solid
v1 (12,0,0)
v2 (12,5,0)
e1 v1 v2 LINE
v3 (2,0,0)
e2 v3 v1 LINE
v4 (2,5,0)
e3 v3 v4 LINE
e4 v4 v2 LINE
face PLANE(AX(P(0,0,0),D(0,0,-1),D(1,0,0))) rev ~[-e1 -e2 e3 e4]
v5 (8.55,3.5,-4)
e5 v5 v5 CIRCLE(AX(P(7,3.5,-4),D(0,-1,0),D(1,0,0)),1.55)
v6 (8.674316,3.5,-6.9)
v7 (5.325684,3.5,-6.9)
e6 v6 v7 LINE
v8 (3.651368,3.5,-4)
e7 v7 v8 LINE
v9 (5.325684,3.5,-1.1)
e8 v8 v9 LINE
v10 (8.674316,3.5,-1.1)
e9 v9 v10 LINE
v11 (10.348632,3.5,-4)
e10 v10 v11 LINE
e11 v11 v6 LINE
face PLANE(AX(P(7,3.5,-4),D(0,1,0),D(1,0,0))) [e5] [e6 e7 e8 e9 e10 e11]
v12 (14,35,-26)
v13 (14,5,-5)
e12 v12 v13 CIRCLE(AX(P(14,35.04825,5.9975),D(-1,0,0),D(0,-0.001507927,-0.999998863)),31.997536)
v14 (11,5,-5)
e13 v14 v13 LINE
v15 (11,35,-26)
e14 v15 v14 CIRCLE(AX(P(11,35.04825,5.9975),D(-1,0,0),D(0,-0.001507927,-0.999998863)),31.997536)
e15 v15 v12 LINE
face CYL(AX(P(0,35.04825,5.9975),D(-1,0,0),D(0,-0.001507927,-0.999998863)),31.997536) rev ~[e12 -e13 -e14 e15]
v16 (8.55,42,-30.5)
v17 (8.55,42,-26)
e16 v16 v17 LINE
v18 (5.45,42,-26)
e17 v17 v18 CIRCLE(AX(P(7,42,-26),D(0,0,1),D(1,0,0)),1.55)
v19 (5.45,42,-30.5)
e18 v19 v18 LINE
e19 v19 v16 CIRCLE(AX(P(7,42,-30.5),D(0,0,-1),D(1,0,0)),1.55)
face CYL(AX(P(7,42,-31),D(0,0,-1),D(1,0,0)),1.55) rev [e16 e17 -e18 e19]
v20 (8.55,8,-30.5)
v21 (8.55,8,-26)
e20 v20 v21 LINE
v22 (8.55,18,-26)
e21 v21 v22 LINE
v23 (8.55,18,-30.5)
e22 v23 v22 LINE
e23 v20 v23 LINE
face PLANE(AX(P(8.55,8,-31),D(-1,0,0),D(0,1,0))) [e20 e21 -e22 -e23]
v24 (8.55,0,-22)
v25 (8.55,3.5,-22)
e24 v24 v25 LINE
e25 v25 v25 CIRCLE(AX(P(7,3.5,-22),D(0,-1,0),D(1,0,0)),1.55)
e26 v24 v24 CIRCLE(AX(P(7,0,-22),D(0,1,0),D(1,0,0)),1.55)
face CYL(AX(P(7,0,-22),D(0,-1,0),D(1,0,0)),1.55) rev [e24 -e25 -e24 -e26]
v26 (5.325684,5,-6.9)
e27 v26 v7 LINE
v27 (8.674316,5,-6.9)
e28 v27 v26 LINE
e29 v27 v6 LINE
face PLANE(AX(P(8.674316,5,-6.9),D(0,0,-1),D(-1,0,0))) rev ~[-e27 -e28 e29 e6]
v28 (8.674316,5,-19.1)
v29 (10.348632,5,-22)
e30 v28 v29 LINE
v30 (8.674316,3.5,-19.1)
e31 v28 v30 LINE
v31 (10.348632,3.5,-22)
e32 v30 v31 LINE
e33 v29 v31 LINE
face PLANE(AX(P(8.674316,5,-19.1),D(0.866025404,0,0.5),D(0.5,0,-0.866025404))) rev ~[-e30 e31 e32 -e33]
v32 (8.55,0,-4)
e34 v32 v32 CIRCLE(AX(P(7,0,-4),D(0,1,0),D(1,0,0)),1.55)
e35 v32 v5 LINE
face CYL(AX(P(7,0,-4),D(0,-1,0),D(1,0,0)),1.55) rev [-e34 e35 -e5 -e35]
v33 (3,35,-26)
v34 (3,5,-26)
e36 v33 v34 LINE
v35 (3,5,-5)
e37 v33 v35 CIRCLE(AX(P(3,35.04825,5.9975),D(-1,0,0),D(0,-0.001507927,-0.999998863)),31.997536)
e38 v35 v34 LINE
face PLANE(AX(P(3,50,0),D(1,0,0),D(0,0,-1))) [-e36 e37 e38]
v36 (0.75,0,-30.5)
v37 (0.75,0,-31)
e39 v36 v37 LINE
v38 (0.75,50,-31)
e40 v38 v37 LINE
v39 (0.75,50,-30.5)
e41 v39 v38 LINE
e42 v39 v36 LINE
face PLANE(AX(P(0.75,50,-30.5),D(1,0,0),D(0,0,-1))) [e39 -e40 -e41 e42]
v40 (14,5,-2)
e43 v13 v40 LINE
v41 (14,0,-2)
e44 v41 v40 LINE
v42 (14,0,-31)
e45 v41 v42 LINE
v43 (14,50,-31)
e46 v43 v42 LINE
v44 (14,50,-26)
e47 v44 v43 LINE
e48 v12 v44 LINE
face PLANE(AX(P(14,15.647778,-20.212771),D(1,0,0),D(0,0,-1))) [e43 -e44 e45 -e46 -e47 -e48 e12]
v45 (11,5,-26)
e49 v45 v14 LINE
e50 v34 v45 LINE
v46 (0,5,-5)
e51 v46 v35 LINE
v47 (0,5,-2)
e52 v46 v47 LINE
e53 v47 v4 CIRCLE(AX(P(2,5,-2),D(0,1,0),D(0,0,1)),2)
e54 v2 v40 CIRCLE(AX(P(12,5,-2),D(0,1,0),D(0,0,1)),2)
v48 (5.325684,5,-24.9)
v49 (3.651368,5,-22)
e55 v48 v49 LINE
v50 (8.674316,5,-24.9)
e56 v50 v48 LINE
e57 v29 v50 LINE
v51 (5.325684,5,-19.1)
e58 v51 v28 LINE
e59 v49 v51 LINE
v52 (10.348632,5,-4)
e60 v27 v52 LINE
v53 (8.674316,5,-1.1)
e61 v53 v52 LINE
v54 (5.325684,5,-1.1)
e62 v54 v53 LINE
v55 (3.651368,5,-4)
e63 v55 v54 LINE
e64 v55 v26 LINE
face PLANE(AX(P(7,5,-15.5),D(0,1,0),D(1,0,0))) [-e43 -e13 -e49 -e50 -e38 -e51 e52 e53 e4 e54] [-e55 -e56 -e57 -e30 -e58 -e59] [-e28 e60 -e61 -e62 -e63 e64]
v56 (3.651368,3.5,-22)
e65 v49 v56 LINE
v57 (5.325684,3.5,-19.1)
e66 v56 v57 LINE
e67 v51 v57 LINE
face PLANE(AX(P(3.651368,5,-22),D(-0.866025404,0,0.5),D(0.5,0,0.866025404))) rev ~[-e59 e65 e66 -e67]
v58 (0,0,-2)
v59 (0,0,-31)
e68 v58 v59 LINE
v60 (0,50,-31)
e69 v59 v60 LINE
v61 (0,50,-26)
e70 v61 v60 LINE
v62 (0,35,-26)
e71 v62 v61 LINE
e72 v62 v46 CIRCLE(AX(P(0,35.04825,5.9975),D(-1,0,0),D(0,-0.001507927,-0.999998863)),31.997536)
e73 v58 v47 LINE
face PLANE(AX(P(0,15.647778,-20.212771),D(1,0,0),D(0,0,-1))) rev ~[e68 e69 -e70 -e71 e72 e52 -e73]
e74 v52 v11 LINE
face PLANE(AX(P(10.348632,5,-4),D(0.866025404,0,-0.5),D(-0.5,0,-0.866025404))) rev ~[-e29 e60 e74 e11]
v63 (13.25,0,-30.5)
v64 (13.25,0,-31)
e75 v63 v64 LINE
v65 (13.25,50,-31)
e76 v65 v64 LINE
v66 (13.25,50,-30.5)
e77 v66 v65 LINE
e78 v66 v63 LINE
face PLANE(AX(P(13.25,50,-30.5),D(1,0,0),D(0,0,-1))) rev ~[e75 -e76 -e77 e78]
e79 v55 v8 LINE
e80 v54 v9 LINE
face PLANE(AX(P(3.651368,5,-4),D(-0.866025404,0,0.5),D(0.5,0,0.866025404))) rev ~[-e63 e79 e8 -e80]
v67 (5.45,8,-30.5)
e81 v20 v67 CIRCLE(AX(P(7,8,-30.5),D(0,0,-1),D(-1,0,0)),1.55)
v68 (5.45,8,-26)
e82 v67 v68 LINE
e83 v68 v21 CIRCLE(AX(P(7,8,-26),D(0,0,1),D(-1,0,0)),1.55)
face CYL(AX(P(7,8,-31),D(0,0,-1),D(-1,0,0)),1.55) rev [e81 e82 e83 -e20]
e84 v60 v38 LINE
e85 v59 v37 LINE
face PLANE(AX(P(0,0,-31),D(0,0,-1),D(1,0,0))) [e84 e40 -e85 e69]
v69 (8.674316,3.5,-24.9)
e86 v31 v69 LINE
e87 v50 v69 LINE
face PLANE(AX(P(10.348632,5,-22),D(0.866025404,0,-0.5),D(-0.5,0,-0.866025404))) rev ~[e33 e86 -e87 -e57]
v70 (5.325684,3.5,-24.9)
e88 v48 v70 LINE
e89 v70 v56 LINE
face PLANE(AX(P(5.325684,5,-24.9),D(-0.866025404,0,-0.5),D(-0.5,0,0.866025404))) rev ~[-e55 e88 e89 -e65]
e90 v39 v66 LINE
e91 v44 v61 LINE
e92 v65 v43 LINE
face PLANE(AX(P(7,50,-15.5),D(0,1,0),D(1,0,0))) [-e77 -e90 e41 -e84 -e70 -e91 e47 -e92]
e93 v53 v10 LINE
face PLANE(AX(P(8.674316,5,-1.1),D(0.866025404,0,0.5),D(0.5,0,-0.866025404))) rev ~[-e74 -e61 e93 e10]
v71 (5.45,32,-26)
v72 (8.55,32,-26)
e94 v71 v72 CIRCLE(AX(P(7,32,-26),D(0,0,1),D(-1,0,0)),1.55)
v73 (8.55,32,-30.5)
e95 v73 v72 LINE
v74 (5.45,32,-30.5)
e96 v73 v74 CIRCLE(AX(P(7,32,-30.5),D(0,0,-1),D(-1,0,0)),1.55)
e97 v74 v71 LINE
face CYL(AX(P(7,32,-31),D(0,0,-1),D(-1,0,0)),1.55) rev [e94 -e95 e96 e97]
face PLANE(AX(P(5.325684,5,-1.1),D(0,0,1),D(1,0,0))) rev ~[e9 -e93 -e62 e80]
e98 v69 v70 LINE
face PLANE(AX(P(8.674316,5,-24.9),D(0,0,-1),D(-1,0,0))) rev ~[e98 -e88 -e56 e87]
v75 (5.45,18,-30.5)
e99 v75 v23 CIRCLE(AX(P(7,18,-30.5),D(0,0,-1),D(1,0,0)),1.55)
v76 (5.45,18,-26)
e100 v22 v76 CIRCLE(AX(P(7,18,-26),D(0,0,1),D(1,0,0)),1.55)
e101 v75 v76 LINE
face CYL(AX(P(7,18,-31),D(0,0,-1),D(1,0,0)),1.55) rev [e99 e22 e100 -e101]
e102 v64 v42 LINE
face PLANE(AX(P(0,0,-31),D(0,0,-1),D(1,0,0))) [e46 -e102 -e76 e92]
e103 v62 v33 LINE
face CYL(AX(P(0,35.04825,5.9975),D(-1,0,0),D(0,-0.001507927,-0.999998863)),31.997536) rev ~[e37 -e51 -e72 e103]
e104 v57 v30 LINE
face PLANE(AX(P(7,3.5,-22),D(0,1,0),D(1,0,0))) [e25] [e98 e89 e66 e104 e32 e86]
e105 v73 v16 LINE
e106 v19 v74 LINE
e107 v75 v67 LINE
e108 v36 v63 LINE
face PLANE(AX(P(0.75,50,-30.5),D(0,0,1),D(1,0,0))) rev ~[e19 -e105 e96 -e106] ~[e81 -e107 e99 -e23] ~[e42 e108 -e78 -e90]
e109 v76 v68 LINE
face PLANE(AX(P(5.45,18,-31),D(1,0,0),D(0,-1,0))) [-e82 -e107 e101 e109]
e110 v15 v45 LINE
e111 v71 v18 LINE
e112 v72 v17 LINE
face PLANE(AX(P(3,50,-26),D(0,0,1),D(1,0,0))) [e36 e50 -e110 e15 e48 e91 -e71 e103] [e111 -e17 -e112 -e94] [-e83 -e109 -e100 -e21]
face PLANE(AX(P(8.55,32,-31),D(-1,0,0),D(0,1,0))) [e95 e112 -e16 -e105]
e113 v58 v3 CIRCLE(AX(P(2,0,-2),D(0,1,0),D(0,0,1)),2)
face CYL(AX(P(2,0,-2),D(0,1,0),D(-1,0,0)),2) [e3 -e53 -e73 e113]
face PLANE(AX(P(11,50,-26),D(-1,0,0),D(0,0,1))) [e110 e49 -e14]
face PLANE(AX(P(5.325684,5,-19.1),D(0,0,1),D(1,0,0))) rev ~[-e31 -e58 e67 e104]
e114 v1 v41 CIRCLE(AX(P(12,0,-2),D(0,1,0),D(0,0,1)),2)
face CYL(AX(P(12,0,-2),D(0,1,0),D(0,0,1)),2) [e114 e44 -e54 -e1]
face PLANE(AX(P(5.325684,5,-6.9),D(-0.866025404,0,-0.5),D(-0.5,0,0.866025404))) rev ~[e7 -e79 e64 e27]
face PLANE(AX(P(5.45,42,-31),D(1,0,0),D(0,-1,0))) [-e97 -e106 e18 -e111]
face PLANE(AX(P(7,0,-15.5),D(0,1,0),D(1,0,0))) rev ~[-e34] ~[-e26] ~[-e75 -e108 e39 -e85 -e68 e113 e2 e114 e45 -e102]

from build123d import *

# Parameters (mm, degrees)
CROQUIS2_W              = 14
CROQUIS2_H              = 31
CROQUIS2_R              = 1.55
SALIENTE_EXTRUIR1_DEPTH = 50
CROQUIS3_W              = 26
CROQUIS3_H              = 45
CORTAR_EXTRUIR1_DEPTH   = 14
CORTAR_EXTRUIR2_DEPTH   = 5
CORTAR_EXTRUIR3_DEPTH   = 1.5
SALIENTE_EXTRUIR3_DEPTH = 14
CROQUIS7_OUTSIDE_W      = 28.094
CROQUIS7_OUTSIDE_H      = 45.094
CORTAR_EXTRUIR5_DEPTH   = 45
REDONDEO1_R             = 2
CROQUIS8_W              = 12.5
CROQUIS8_H              = 0.5
CORTAR_EXTRUIR6_DEPTH   = 50


with BuildPart() as part:
    # Croquis2 → Saliente-Extruir1 (new body)
    with BuildSketch(Plane(origin=(0, 0, 0), x_dir=(1, 0, 0), z_dir=(0, 1, 0))):
        with Locations((7, 15.5)):
            Rectangle(CROQUIS2_W, CROQUIS2_H)
        with Locations((7, 22)):
            Circle(CROQUIS2_R, mode=Mode.SUBTRACT)
        with Locations((7, 4)):
            Circle(CROQUIS2_R, mode=Mode.SUBTRACT)
    extrude(amount=SALIENTE_EXTRUIR1_DEPTH)

    # Croquis3 → Cortar-Extruir1 (cut)
    with BuildSketch(Plane.ZY):
        with Locations((-13, 27.5)):
            Rectangle(CROQUIS3_W, CROQUIS3_H)
    extrude(amount=-CORTAR_EXTRUIR1_DEPTH, mode=Mode.SUBTRACT)

    # Croquis4 → Cortar-Extruir2 (cut)
    with BuildSketch(Plane(origin=(0, 0, -31), x_dir=(-1, 0, 0), z_dir=(0, 0, -1))):
        with BuildLine():
            Line((-8.55, 8), (-8.55, 18))
            ThreePointArc((-8.55, 18), (-7, 19.55), (-5.45, 18))
            Line((-5.45, 18), (-5.45, 8))
            ThreePointArc((-5.45, 8), (-7, 6.45), (-8.55, 8))
        make_face()
        with BuildLine():
            Line((-8.55, 32), (-8.55, 42))
            ThreePointArc((-8.55, 42), (-7, 43.55), (-5.45, 42))
            Line((-5.45, 42), (-5.45, 32))
            ThreePointArc((-5.45, 32), (-7, 30.45), (-8.55, 32))
        make_face()
    extrude(amount=-CORTAR_EXTRUIR2_DEPTH, mode=Mode.SUBTRACT)

    # Croquis5 → Cortar-Extruir3 (cut)
    with BuildSketch(Plane(origin=(0, 5, 0), x_dir=(1, 0, 0), z_dir=(0, 1, 0))):
        Polygon((10.348631561, 4), (8.674315781, 6.9), (5.325684219, 6.9), (3.651368439, 4), (5.325684219, 1.1), (8.674315781, 1.1), align=None)
        Polygon((8.674315781, 19.1), (10.348631561, 22), (8.674315781, 24.9), (5.325684219, 24.9), (3.651368439, 22), (5.325684219, 19.1), align=None)
    extrude(amount=-CORTAR_EXTRUIR3_DEPTH, mode=Mode.SUBTRACT)

    # Croquis6 → Saliente-Extruir3 (add)
    with BuildSketch(Plane.ZY):
        with BuildLine():
            Line((-26, 5), (-26, 35))
            ThreePointArc((-26, 35), (-20.21590319, 16.698867767), (-5, 5))
            Line((-5, 5), (-26, 5))
        make_face()
    extrude(amount=-SALIENTE_EXTRUIR3_DEPTH)

    # Croquis7 outside → Cortar-Extruir5 (cut)
    with BuildSketch(Plane(origin=(0, 50, 0), x_dir=(1, 0, 0), z_dir=(0, 1, 0))):
        with Locations((7, 15.5)):
            Rectangle(CROQUIS7_OUTSIDE_W, CROQUIS7_OUTSIDE_H)
        Polygon((0, 26), (0, 0), (3, 0), (3, 26), (11, 26), (11, 0), (14, 0), (14, 26), (14, 31), (0, 31), align=None, mode=Mode.SUBTRACT)
    extrude(amount=-CORTAR_EXTRUIR5_DEPTH, mode=Mode.SUBTRACT)

    # Redondeo1
    redondeo1_edges = [part.edges().sort_by_distance(p)[0] for p in [
        (14, 2.5, 0),
        (0, 2.5, 0),
    ]]
    fillet(redondeo1_edges, radius=REDONDEO1_R)

    # Croquis8 → Cortar-Extruir6 (cut)
    with BuildSketch(Plane(origin=(0, 50, 0), x_dir=(1, 0, 0), z_dir=(0, 1, 0))):
        with Locations((7, 30.75)):
            Rectangle(CROQUIS8_W, CROQUIS8_H)
    extrude(amount=-CORTAR_EXTRUIR6_DEPTH, mode=Mode.SUBTRACT)


solid = part.part
